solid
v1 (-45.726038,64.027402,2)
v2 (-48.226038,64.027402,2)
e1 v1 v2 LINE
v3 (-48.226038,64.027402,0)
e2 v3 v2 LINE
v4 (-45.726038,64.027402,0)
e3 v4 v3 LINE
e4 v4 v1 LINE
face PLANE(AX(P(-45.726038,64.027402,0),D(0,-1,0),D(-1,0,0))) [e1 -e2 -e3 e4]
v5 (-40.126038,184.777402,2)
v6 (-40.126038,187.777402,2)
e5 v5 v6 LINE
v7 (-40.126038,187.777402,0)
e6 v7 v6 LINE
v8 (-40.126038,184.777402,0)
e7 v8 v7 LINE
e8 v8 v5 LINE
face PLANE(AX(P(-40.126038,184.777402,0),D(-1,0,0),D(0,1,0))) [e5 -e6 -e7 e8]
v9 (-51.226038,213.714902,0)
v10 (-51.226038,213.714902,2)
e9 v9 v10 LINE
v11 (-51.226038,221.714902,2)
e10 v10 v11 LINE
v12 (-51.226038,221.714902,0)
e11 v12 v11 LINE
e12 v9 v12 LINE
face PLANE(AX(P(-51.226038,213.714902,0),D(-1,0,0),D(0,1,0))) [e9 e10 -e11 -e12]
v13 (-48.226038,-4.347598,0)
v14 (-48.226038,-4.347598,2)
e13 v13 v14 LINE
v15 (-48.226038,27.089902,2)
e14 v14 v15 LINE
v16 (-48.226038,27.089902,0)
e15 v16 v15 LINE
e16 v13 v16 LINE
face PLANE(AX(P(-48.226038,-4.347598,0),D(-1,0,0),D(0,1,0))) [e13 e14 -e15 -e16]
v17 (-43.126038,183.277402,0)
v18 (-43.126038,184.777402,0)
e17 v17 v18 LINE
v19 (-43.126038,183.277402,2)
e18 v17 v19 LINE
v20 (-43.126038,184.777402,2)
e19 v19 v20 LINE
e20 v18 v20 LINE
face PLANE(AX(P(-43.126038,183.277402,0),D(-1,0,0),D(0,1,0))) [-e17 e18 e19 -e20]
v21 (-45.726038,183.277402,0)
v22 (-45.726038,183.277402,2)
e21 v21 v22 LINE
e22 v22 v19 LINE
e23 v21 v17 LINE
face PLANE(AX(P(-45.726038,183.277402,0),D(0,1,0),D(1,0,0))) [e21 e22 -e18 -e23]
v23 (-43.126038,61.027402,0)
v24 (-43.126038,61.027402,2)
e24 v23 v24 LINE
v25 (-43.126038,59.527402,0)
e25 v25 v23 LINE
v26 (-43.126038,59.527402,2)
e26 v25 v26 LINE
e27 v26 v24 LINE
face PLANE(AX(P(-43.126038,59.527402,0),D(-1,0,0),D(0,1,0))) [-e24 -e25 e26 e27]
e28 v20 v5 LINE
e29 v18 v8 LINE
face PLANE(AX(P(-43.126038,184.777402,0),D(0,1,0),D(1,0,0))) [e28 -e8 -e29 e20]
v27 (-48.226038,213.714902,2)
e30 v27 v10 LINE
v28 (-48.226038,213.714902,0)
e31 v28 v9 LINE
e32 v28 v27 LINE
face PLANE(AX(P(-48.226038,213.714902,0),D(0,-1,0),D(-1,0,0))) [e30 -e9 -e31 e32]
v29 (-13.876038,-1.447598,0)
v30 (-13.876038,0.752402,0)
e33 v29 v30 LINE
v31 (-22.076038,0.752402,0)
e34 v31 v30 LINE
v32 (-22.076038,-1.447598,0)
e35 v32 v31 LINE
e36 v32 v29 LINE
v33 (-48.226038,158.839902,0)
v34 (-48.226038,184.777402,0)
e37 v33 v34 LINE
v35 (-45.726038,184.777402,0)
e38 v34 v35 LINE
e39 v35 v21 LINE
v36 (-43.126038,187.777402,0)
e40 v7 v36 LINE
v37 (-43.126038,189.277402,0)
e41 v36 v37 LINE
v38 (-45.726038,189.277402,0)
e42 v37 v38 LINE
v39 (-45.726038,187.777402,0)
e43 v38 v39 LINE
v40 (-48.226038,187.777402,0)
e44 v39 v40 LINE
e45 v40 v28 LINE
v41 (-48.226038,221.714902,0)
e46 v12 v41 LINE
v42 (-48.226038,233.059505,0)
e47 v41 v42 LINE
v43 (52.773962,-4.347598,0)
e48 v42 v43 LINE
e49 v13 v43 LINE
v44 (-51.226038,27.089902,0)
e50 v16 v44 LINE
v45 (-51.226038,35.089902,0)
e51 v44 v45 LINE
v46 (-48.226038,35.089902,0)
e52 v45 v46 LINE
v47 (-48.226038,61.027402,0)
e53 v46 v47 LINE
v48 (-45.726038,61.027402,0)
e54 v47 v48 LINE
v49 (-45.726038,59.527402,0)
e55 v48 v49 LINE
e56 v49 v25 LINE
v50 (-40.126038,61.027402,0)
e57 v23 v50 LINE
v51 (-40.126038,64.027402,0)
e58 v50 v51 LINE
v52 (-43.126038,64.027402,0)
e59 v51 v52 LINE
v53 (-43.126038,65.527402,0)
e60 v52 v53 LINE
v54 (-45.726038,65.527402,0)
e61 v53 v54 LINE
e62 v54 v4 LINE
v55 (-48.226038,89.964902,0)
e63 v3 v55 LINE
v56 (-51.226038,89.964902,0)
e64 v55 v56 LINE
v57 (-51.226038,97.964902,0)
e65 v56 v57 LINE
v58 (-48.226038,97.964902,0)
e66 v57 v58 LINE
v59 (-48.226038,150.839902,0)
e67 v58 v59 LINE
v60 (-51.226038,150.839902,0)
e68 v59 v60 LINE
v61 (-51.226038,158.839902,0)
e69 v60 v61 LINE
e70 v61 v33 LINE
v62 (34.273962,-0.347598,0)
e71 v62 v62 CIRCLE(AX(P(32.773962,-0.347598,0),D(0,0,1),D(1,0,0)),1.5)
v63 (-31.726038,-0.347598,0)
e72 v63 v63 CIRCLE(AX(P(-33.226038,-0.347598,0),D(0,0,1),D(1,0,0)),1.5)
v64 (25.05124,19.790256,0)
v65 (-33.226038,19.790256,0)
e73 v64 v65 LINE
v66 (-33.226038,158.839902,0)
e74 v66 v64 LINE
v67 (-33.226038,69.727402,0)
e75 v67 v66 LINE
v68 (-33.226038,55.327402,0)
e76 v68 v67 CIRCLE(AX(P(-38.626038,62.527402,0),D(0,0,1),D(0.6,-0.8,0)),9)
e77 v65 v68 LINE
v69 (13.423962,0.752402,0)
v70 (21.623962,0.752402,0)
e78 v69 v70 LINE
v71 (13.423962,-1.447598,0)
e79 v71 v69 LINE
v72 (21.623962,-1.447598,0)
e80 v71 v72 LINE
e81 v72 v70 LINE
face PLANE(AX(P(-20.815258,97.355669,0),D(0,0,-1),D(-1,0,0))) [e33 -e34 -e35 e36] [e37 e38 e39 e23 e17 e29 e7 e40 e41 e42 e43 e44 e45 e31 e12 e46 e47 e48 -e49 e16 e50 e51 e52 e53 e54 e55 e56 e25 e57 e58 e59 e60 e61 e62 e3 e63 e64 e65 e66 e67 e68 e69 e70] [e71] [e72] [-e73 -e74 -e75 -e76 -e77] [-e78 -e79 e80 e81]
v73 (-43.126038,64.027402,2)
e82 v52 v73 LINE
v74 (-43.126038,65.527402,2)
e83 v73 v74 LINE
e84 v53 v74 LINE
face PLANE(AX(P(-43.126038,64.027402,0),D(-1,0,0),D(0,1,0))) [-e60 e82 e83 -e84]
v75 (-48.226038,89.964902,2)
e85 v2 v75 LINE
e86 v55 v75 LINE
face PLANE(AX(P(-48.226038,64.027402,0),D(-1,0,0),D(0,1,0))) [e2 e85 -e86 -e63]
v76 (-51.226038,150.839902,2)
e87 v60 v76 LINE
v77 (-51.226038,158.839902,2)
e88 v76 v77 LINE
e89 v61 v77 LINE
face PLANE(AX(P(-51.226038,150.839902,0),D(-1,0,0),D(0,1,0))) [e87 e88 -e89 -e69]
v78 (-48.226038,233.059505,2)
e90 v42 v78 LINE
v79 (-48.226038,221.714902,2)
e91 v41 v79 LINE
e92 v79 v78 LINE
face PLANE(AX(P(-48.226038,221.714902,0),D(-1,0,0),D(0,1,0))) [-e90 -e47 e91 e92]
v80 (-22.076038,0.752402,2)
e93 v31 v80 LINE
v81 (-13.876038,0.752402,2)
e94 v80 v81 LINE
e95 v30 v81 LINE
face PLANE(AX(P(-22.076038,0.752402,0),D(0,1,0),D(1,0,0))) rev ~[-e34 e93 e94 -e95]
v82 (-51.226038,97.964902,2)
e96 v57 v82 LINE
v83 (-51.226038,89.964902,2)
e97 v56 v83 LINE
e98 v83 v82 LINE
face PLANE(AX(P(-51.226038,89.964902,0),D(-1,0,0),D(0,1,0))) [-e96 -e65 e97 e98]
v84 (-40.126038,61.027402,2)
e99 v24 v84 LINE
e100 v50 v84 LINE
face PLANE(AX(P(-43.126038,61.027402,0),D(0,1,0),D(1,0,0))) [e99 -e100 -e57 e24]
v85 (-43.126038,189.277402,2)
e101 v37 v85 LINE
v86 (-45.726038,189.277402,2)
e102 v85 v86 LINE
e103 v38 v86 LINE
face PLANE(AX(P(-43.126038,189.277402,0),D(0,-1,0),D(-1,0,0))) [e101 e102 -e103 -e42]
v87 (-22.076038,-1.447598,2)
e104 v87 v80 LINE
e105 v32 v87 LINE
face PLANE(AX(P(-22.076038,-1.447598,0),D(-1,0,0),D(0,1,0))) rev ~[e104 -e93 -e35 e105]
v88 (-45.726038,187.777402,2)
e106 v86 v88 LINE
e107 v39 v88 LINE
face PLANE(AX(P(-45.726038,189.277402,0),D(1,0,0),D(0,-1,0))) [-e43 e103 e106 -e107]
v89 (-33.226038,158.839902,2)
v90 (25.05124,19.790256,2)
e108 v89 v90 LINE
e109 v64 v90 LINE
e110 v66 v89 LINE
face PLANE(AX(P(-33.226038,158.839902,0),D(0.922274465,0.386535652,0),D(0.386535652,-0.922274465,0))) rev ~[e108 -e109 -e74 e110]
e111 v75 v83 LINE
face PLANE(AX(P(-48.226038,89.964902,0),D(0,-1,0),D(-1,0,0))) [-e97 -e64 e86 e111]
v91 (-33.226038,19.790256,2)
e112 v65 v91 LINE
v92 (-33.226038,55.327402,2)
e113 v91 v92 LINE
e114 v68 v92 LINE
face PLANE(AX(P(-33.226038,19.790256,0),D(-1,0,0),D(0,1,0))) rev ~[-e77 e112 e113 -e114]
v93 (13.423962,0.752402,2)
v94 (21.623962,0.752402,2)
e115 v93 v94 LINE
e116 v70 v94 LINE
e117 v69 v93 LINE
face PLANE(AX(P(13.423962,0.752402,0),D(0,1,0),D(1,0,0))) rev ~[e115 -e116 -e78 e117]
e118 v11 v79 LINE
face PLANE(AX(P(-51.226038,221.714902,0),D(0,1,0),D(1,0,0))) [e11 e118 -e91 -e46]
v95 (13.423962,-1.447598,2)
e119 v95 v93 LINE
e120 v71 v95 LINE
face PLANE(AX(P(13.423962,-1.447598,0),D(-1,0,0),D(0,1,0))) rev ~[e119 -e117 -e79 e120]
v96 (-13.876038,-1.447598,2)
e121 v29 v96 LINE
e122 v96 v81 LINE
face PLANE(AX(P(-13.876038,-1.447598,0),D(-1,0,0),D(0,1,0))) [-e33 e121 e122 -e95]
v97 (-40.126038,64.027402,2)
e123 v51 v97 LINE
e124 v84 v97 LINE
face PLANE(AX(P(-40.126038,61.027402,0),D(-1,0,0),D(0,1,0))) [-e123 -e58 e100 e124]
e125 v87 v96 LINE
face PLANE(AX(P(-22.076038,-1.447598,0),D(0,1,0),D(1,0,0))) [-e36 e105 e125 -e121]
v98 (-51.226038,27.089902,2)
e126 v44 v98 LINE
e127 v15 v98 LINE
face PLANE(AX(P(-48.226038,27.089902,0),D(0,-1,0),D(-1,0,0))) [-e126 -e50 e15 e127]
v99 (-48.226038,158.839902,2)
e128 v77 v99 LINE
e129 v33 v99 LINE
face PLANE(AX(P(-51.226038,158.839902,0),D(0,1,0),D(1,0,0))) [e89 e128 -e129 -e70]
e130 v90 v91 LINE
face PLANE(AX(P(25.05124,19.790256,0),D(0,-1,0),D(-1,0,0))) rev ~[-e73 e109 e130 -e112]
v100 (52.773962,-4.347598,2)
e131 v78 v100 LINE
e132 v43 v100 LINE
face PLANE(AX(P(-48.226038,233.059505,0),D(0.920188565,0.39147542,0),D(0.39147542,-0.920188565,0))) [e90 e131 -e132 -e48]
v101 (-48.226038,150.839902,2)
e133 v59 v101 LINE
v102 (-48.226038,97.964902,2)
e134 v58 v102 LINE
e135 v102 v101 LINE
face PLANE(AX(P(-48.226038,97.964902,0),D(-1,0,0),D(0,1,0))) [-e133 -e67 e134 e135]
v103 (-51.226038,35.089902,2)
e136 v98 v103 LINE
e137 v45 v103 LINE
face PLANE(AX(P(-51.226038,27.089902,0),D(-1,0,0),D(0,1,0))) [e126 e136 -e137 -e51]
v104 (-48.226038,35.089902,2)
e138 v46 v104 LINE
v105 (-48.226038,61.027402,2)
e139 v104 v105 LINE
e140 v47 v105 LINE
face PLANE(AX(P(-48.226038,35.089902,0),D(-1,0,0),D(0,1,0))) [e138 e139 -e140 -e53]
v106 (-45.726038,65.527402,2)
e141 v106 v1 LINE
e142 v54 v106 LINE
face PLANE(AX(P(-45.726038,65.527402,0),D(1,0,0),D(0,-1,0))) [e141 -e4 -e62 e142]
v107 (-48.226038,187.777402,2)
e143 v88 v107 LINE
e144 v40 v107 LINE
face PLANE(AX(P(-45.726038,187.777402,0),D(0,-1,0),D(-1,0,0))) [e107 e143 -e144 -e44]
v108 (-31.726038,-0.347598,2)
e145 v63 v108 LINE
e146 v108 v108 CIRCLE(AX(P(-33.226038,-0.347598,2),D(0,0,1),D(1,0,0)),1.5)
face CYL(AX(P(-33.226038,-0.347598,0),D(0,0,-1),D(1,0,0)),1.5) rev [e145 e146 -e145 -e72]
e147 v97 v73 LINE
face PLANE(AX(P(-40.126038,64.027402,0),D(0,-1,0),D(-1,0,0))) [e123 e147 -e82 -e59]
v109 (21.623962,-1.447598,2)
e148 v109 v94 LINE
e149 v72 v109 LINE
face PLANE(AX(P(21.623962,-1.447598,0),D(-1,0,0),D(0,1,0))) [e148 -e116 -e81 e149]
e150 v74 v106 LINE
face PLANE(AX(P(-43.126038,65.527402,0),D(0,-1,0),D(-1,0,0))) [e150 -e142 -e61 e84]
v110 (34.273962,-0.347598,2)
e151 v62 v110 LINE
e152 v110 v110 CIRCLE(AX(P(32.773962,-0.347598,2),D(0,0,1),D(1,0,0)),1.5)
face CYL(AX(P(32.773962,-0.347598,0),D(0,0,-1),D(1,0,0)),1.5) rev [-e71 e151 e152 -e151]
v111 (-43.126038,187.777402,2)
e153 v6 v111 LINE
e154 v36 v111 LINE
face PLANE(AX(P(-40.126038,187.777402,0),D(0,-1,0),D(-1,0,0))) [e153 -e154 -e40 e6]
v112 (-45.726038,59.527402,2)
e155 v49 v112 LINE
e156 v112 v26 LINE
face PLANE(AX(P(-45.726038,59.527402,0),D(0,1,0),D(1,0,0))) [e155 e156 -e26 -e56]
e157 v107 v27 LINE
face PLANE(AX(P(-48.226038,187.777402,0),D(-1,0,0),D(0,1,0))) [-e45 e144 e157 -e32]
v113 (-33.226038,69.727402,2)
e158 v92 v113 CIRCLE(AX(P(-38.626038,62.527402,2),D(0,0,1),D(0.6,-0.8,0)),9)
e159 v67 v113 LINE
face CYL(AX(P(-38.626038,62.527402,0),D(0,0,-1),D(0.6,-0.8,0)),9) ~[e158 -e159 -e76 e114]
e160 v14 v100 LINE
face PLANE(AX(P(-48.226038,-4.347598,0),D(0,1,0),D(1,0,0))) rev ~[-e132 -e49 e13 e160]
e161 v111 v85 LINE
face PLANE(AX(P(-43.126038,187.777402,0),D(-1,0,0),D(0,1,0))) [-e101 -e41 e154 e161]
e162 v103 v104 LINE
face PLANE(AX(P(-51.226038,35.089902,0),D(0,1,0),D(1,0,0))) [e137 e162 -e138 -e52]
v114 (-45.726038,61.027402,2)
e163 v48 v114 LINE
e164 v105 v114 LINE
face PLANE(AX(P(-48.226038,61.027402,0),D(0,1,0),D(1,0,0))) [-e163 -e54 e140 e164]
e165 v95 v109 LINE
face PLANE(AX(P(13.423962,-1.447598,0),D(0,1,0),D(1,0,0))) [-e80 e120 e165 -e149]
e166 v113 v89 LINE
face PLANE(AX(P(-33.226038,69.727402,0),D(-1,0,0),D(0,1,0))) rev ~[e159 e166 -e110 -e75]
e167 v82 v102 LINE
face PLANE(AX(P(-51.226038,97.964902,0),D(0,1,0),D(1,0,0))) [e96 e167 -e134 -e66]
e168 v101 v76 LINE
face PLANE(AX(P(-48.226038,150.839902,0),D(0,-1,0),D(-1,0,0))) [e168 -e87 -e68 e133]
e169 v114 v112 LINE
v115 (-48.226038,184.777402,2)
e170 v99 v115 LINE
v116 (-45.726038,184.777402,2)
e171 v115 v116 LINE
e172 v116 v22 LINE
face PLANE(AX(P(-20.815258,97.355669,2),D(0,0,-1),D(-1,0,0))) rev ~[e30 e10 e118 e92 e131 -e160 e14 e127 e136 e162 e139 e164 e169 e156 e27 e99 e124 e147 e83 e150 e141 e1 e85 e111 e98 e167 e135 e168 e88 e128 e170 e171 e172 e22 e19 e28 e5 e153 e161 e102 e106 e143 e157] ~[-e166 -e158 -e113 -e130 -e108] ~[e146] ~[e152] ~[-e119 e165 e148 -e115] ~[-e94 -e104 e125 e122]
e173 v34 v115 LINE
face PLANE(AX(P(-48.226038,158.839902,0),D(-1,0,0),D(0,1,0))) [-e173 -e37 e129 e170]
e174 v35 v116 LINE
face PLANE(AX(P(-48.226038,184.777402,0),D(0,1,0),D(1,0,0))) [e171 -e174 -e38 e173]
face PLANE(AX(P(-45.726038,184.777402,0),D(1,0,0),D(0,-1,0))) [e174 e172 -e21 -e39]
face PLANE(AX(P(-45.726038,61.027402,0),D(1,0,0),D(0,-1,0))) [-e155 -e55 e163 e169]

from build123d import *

# Parameters (mm, degrees)
SKETCH_1_R      = 1.5
SKETCH_1_W      = 8.2
SKETCH_1_H      = 2.2
EXTRUDE_1_DEPTH = 2


with BuildPart() as part:
    # 草图1 → 凸台-拉伸1 (new body)
    with BuildSketch(Plane.XY):
        Polygon((-45.72603831, 61.027402263), (-45.72603831, 59.527402263), (-43.12603831, 59.527402263), (-43.12603831, 61.027402263), (-40.12603831, 61.027402263), (-40.12603831, 64.027402263), (-43.12603831, 64.027402263), (-43.12603831, 65.527402263), (-45.72603831, 65.527402263), (-45.72603831, 64.027402263), (-48.22603831, 64.027402263), (-48.22603831, 89.964902263), (-51.22603831, 89.964902263), (-51.22603831, 97.964902263), (-48.22603831, 97.964902263), (-48.22603831, 150.839902263), (-51.22603831, 150.839902263), (-51.22603831, 158.839902263), (-48.22603831, 158.839902263), (-48.22603831, 184.777402263), (-45.72603831, 184.777402263), (-45.72603831, 183.277402263), (-43.12603831, 183.277402263), (-43.12603831, 184.777402263), (-40.12603831, 184.777402263), (-40.12603831, 187.777402263), (-43.12603831, 187.777402263), (-43.12603831, 189.277402263), (-45.72603831, 189.277402263), (-45.72603831, 187.777402263), (-48.22603831, 187.777402263), (-48.22603831, 213.714902263), (-51.22603831, 213.714902263), (-51.22603831, 221.714902263), (-48.22603831, 221.714902263), (-48.22603831, 233.059504861), (52.77396169, -4.347597737), (19.52396169, -4.347597737), (-17.97603831, -4.347597737), (-48.22603831, -4.347597737), (-48.22603831, 27.089902263), (-51.22603831, 27.089902263), (-51.22603831, 35.089902263), (-48.22603831, 35.089902263), (-48.22603831, 61.027402263), align=None)
        with Locations((-33.22603831, -0.347597737)):
            Circle(SKETCH_1_R, mode=Mode.SUBTRACT)
        with Locations((32.77396169, -0.347597737)):
            Circle(SKETCH_1_R, mode=Mode.SUBTRACT)
        with Locations((-17.97603831, -0.347597737)):
            Rectangle(SKETCH_1_W, SKETCH_1_H, mode=Mode.SUBTRACT)
        with Locations((17.52396169, -0.347597737)):
            Rectangle(SKETCH_1_W, SKETCH_1_H, mode=Mode.SUBTRACT)
        with BuildLine():
            Line((-33.22603831, 158.839902263), (25.051240135, 19.790255804))
            Line((25.051240135, 19.790255804), (-29.798759865, 19.790255804))
            Line((-29.798759865, 19.790255804), (-33.22603831, 19.790255804))
            Line((-33.22603831, 19.790255804), (-33.22603831, 27.089902263))
            Line((-33.22603831, 27.089902263), (-33.22603831, 55.327402263))
            ThreePointArc((-33.22603831, 55.327402263), (-29.62603831, 62.527402263), (-33.22603831, 69.727402263))
            Line((-33.22603831, 69.727402263), (-33.22603831, 158.839902263))
        make_face(mode=Mode.SUBTRACT)
    extrude(amount=EXTRUDE_1_DEPTH)


solid = part.part
